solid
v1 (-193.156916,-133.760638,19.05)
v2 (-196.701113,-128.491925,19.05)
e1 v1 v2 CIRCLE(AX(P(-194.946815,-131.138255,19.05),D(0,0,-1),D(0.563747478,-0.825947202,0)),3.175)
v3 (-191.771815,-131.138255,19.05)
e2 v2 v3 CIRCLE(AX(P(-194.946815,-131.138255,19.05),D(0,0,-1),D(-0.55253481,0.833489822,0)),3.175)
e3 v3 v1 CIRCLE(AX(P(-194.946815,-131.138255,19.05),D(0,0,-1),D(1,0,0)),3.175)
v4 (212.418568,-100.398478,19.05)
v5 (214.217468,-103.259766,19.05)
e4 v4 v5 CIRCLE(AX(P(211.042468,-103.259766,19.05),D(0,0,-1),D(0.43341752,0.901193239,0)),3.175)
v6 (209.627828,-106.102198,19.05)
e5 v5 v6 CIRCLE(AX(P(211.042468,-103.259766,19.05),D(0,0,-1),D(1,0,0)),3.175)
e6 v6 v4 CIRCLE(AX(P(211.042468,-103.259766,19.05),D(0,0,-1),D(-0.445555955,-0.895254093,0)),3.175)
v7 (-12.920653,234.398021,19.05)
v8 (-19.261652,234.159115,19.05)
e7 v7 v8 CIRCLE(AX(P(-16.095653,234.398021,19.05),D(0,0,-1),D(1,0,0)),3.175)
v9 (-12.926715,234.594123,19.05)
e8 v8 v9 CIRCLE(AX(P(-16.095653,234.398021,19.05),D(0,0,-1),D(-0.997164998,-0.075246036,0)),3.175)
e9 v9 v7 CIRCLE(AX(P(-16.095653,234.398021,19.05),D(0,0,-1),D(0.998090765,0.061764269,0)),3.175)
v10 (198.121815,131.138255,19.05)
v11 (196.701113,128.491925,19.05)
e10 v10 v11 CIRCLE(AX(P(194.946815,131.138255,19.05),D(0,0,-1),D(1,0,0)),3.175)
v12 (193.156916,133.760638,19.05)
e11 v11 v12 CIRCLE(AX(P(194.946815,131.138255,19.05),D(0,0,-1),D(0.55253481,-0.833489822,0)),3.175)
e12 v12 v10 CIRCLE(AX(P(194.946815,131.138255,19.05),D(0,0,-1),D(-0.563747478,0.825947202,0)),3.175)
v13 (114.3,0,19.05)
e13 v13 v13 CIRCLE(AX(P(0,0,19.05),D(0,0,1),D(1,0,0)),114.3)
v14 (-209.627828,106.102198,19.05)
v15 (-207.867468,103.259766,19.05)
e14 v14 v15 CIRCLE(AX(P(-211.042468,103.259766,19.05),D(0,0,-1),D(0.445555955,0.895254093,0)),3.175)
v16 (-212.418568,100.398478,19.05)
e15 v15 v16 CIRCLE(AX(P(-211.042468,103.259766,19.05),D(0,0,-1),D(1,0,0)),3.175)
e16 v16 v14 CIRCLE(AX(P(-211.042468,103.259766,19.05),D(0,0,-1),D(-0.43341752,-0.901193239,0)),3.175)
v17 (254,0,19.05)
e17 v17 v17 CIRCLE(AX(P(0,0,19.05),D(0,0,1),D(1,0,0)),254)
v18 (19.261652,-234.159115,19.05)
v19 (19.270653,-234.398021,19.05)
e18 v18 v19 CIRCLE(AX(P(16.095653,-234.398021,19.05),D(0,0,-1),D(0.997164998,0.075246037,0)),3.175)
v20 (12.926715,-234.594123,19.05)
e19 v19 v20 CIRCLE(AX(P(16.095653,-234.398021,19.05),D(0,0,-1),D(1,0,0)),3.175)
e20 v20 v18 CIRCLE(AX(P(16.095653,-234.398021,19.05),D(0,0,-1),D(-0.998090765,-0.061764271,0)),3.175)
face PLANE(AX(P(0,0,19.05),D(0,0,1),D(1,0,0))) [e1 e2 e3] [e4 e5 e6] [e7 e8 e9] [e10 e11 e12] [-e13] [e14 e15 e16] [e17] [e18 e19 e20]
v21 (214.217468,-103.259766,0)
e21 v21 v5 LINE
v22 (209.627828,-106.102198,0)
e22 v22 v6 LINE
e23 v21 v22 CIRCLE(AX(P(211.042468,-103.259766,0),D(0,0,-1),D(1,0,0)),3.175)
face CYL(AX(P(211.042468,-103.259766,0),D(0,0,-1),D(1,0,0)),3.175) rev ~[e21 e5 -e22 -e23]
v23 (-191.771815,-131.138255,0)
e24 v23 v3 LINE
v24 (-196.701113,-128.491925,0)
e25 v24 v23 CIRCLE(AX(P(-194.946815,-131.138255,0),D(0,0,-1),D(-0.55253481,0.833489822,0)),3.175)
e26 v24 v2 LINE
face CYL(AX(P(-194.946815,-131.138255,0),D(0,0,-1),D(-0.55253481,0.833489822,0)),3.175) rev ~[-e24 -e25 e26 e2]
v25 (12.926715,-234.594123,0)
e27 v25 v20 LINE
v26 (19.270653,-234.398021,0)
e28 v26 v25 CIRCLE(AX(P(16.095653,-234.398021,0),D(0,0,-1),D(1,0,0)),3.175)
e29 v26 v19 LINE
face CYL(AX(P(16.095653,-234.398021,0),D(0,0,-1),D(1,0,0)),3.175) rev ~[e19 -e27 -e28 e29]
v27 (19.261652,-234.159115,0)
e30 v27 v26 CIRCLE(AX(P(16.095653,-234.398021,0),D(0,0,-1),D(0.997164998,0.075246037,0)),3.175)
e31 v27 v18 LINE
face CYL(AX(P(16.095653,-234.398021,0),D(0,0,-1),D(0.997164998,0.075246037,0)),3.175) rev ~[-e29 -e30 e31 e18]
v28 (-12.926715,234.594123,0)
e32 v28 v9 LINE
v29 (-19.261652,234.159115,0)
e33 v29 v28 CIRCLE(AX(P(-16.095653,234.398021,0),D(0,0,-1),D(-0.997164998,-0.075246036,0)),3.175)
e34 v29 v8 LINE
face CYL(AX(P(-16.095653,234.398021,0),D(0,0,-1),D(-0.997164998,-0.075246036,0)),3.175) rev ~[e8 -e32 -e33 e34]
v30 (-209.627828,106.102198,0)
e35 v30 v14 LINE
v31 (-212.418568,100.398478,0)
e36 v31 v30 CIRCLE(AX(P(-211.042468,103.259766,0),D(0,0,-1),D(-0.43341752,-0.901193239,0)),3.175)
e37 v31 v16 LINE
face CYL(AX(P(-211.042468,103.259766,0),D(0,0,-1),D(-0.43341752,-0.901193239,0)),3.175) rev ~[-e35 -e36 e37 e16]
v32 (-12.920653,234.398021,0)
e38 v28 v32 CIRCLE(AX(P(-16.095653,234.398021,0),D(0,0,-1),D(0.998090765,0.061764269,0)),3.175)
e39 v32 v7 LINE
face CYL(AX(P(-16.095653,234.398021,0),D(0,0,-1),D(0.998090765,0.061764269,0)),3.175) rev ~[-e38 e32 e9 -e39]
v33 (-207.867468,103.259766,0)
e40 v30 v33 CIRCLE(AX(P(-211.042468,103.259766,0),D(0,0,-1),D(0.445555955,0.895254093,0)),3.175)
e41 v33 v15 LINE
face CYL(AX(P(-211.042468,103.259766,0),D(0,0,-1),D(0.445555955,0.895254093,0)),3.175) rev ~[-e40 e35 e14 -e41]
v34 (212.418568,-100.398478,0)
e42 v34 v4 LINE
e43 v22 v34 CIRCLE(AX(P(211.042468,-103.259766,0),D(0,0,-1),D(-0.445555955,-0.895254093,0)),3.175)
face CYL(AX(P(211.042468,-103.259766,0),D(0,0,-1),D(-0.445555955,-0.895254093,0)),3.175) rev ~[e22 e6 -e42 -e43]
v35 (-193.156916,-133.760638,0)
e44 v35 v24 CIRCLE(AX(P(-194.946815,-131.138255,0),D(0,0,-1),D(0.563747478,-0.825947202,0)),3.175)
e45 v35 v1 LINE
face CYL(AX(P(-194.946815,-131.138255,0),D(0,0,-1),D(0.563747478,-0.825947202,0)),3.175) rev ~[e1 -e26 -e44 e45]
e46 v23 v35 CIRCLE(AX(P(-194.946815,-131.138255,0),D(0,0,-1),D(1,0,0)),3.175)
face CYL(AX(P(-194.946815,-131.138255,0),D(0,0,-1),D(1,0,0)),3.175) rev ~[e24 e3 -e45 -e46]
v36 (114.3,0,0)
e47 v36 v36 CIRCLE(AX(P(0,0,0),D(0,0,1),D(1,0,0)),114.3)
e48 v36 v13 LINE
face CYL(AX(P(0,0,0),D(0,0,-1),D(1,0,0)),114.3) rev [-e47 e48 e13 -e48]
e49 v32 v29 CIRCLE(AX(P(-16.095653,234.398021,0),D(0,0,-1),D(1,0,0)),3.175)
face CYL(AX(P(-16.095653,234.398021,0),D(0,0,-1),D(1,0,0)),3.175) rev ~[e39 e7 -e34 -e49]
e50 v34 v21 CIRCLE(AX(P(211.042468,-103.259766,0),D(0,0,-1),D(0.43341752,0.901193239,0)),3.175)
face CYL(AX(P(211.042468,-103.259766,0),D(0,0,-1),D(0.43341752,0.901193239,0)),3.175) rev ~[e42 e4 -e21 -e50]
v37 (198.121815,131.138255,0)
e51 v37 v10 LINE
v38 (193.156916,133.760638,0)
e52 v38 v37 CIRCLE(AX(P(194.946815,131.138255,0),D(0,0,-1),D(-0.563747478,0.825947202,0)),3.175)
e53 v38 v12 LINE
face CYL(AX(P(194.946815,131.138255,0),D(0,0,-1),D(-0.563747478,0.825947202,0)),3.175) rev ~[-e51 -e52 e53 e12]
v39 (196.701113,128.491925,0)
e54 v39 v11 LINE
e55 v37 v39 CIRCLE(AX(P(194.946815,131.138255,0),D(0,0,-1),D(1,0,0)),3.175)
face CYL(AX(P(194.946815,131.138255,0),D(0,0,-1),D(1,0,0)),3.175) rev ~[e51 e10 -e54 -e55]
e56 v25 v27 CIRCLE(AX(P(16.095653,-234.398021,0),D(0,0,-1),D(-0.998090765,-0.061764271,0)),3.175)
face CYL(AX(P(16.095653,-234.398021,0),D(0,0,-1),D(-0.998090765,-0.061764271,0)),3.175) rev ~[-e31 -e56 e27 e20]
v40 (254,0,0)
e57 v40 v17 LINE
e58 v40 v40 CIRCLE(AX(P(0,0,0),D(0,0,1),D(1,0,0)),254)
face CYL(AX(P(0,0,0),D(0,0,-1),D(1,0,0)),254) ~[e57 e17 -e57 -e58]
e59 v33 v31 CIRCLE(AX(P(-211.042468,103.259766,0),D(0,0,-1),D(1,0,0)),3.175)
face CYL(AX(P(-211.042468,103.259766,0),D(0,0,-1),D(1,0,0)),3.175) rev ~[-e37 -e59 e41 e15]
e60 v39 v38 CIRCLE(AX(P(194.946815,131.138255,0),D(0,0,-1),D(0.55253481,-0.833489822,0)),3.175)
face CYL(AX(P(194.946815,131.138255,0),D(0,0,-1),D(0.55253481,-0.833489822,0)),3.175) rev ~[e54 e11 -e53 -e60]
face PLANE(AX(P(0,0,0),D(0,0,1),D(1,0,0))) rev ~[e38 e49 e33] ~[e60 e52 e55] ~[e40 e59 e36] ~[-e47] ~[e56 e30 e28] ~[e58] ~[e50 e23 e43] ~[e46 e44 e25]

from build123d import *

# Parameters (mm, degrees)
F0_R     = 254
F0_R_2   = 114.3
F1_DEPTH = 19.05


with BuildPart() as f1:
    # F0 (on Top) → F1 (new body)
    with BuildSketch(Plane.XY):
        Circle(F0_R)
        with BuildLine():
            ThreePointArc((196.7011125508, 128.4919251209), (225.1848450649, 67.0319927579), (234.95, 0))
            ThreePointArc((234.95, 0), (229.2479499847, -51.4478369596), (212.4185683948, -100.3984775836))
            ThreePointArc((212.4185683948, -100.3984775836), (213.7303800146, -101.5698688542), (214.2174677682, -103.259766116))
            ThreePointArc((214.2174677682, -103.259766116), (212.7141648851, -105.9590352298), (209.6278276113, -106.1021978612))
            ThreePointArc((209.6278276113, -106.1021978612), (131.1382553066, -194.9468145294), (19.2616521087, -234.1591152572))
            ThreePointArc((19.2616521087, -234.1591152572), (19.2684021583, -234.2784835874), (19.2706532388, -234.3980214226))
            ThreePointArc((19.2706532388, -234.3980214226), (16.1937508526, -237.5715056053), (12.9267150604, -234.5941229821))
            ThreePointArc((12.9267150604, -234.5941229821), (-103.259766116, -211.0424677682), (-193.1569162861, -133.7606376736))
            ThreePointArc((-193.1569162861, -133.7606376736), (-197.5812309419, -132.9103938918), (-196.7011125508, -128.4919251209))
            ThreePointArc((-196.7011125508, -128.4919251209), (-234.3980214226, -16.0956532388), (-212.4185683948, 100.3984775836))
            ThreePointArc((-212.4185683948, 100.3984775836), (-213.8943930083, 104.6551683608), (-209.6278276113, 106.1021978612))
            ThreePointArc((-209.6278276113, 106.1021978612), (-131.1382553066, 194.9468145294), (-19.2616521087, 234.1591152572))
            ThreePointArc((-19.2616521087, 234.1591152572), (-16.3131620664, 237.5655622526), (-12.9267150604, 234.5941229821))
            ThreePointArc((-12.9267150604, 234.5941229821), (103.259766116, 211.0424677682), (193.1569162861, 133.7606376736))
            ThreePointArc((193.1569162861, 133.7606376736), (196.4296661871, 133.9457053883), (198.1218145294, 131.1382553066))
            ThreePointArc((198.1218145294, 131.1382553066), (197.744181257, 129.6364682408), (196.7011125508, 128.4919251209))
        make_face(mode=Mode.SUBTRACT)
        with BuildLine():
            ThreePointArc((212.4185683948, -100.3984775836), (229.2479499847, -51.4478369596), (234.95, 0))
            ThreePointArc((234.95, 0), (225.1848450649, 67.0319927579), (196.7011125508, 128.4919251209))
            ThreePointArc((196.7011125508, 128.4919251209), (192.3123981168, 129.3661167214), (193.1569162861, 133.7606376736))
            ThreePointArc((193.1569162861, 133.7606376736), (103.259766116, 211.0424677682), (-12.9267150604, 234.5941229821))
            ThreePointArc((-12.9267150604, 234.5941229821), (-12.9221690561, 234.4961190364), (-12.9206532388, 234.3980214226))
            ThreePointArc((-12.9206532388, 234.3980214226), (-15.9761154036, 231.2252725031), (-19.2616521087, 234.1591152572))
            ThreePointArc((-19.2616521087, 234.1591152572), (-131.1382553066, 194.9468145294), (-209.6278276113, 106.1021978612))
            ThreePointArc((-209.6278276113, 106.1021978612), (-208.3431986543, 104.931463233), (-207.8674677682, 103.259766116))
            ThreePointArc((-207.8674677682, 103.259766116), (-209.3525705064, 100.5718538695), (-212.4185683948, 100.3984775836))
            ThreePointArc((-212.4185683948, 100.3984775836), (-234.3980214226, -16.0956532388), (-196.7011125508, -128.4919251209))
            ThreePointArc((-196.7011125508, -128.4919251209), (-193.4450274636, -128.3408885789), (-191.7718145294, -131.1382553066))
            ThreePointArc((-191.7718145294, -131.1382553066), (-192.1393644477, -132.6211069643), (-193.1569162861, -133.7606376736))
            ThreePointArc((-193.1569162861, -133.7606376736), (-103.259766116, -211.0424677682), (12.9267150604, -234.5941229821))
            ThreePointArc((12.9267150604, -234.5941229821), (15.8781444113, -231.2304805925), (19.2616521087, -234.1591152572))
            ThreePointArc((19.2616521087, -234.1591152572), (131.1382553066, -194.9468145294), (209.6278276113, -106.1021978612))
            ThreePointArc((209.6278276113, -106.1021978612), (208.190542528, -101.8643638712), (212.4185683948, -100.3984775836))
        make_face()
        Circle(F0_R_2, mode=Mode.SUBTRACT)
    extrude(amount=F1_DEPTH)


solid = f1.part
